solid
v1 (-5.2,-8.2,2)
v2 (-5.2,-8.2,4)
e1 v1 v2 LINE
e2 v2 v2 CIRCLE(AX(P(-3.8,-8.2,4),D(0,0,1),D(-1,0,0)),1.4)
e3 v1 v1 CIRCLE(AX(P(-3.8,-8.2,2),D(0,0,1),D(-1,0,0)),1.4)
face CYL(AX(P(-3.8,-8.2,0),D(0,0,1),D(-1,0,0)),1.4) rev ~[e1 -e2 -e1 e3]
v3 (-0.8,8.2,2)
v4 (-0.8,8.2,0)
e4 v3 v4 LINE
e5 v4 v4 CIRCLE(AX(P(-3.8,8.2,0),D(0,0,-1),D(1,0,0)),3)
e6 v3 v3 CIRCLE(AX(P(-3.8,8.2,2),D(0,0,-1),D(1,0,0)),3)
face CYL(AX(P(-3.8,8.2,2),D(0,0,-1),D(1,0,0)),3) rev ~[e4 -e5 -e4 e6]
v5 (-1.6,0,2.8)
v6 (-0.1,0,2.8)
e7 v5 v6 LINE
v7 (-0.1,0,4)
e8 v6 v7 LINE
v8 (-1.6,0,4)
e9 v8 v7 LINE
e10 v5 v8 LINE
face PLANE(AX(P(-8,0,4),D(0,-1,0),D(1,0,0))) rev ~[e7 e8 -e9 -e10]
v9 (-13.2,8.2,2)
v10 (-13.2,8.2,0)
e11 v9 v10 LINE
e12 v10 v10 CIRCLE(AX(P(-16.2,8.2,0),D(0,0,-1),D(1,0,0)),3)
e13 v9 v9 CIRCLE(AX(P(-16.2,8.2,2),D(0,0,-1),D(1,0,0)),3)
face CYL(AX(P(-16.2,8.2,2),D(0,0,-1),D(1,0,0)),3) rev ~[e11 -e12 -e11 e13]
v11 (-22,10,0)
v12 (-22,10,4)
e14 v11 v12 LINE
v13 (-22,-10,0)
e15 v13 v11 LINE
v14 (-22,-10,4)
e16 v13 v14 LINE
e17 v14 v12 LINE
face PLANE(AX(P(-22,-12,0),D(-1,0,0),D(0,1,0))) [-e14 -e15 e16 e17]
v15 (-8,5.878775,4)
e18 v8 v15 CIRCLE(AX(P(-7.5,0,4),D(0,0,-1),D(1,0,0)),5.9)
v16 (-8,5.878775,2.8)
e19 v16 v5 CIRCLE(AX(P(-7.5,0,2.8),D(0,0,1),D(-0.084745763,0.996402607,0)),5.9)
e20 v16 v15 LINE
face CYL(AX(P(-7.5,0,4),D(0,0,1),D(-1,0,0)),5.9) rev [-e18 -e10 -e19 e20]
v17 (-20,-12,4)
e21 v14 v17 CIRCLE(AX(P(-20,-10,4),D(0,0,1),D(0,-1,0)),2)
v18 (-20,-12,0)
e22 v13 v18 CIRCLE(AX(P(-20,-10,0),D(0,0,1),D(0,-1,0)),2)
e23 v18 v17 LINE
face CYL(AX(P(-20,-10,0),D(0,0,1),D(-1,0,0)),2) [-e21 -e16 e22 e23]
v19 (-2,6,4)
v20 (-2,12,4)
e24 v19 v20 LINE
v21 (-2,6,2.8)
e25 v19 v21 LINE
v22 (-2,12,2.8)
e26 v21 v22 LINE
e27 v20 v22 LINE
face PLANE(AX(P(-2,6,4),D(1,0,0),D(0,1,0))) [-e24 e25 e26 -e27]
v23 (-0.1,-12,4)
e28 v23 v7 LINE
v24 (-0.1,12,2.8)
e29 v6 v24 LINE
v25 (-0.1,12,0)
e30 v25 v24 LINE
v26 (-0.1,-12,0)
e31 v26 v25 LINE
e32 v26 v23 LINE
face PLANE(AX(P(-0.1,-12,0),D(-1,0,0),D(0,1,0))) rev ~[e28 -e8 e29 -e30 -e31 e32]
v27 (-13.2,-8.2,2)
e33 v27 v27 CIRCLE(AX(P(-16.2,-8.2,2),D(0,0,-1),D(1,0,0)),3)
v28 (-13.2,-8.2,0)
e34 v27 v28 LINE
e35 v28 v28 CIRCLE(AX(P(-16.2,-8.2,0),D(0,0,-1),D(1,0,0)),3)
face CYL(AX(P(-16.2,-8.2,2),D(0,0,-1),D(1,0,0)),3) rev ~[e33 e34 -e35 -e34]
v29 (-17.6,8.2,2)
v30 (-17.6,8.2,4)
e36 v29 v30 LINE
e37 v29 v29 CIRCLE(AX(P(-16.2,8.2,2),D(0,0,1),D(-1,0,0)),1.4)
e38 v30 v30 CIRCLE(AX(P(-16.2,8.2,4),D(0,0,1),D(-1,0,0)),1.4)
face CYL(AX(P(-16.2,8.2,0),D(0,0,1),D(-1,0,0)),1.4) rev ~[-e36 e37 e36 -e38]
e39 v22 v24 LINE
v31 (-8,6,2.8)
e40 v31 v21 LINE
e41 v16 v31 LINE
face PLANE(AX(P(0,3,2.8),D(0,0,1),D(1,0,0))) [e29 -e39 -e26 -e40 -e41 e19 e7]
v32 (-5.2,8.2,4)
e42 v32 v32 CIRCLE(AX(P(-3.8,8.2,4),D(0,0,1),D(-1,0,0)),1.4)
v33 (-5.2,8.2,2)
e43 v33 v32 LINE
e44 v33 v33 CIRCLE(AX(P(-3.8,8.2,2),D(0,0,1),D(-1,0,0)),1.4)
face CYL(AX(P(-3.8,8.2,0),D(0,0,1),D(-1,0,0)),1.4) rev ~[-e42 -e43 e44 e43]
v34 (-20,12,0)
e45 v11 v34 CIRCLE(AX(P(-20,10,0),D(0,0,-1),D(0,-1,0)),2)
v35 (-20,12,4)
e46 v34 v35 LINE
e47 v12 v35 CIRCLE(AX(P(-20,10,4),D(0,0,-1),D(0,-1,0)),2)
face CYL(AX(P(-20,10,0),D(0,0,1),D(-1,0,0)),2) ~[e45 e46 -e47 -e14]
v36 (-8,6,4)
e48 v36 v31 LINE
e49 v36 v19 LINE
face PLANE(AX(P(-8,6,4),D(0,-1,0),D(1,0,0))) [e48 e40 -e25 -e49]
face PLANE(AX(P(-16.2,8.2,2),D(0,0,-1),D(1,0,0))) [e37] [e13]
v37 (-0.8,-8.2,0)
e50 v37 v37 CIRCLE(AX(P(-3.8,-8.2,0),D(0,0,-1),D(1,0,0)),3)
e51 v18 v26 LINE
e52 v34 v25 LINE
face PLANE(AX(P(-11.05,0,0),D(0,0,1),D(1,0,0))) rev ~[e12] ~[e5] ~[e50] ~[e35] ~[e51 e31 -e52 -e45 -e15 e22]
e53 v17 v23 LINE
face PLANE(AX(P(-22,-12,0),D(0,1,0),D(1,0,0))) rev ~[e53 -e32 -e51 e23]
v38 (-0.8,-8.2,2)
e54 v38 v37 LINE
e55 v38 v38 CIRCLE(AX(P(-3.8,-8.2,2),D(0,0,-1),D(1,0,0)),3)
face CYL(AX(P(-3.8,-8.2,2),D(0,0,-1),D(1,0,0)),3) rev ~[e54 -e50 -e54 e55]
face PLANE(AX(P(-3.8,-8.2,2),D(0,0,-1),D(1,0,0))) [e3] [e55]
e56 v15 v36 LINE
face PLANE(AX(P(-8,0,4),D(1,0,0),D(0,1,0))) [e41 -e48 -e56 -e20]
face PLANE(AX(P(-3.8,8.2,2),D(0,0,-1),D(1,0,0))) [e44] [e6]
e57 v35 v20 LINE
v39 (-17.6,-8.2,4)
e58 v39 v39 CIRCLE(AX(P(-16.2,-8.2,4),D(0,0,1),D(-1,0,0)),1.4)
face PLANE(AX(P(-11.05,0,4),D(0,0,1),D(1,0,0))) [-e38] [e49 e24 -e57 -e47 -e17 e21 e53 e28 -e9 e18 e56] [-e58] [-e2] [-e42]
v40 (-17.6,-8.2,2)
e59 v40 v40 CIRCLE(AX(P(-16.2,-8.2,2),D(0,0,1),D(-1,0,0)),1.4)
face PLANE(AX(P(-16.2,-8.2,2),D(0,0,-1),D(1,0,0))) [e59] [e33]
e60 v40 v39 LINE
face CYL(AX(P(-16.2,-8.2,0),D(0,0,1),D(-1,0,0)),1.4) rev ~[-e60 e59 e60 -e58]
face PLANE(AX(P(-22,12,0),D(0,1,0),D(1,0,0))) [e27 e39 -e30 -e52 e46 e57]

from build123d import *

# Parameters (mm, degrees)
SKETCH071_W         = 21.9
SKETCH071_H         = 24
PAD017_DEPTH        = 4
SKETCH072_R         = 5.9
POCKET024_DEPTH     = 1.2
SKETCH073_W         = 16
SKETCH073_H         = 6
SKETCH073_W_2       = 4
POCKET025_DEPTH     = 1.2
HOLE029_D           = 2.8
HOLE029_DEPTH       = 25
HOLE029_CBORE_D     = 6
HOLE029_CBORE_DEPTH = 2
FILLET026_R         = 2


with BuildPart() as part:
    # Sketch071 → Pad017 (new body)
    with BuildSketch(Plane.XY):
        with Locations((-11.05, 0)):
            Rectangle(SKETCH071_W, SKETCH071_H)
    extrude(amount=PAD017_DEPTH)

    # Sketch072 (on Face6 of Pad017) → Pocket024 (cut)
    with BuildSketch(Plane.XY.offset(4)):
        with Locations((7.5, 0)):
            Circle(SKETCH072_R)
    pocket024 = extrude(amount=-POCKET024_DEPTH, mode=Mode.SUBTRACT)

    # Mirrored031: Pocket024 across Sketch072 V_Axis
    add(pocket024.mirror(Plane(origin=(0, 0, 4), x_dir=(0, 0, 1), z_dir=(1, 0, 0))), mode=Mode.SUBTRACT)

    # Sketch073 (on Face5 of Mirrored031) → Pocket025 (cut)
    with BuildSketch(Plane.XY.offset(4)):
        with Locations((0, 3)):
            Rectangle(SKETCH073_W, SKETCH073_H)
        with Locations((0, 9)):
            Rectangle(SKETCH073_W_2, SKETCH073_H)
    extrude(amount=-POCKET025_DEPTH, mode=Mode.SUBTRACT)

    # Hole029
    with Locations(Plane(origin=(0, 0, 0), x_dir=(1, 0, 0), z_dir=(0, 0, -1))):
        with Locations((-16.2, 8.2), (-16.2, -8.2), (-3.8, 8.2), (-3.8, -8.2)):
            hole029 = CounterBoreHole(HOLE029_D / 2, HOLE029_CBORE_D / 2, HOLE029_CBORE_DEPTH, depth=HOLE029_DEPTH)

    # Mirrored032: Hole029 across Sketch074 V_Axis
    add(hole029.mirror(Plane(origin=(0, 0, 0), x_dir=(0, 0, -1), z_dir=(1, 0, 0))), mode=Mode.SUBTRACT)

    # Fillet026
    fillet026_edges = [part.edges().sort_by_distance(p)[0] for p in [
        (-22, -12, 2),
        (-22, 12, 2),
    ]]
    fillet(fillet026_edges, radius=FILLET026_R)


solid = part.part
